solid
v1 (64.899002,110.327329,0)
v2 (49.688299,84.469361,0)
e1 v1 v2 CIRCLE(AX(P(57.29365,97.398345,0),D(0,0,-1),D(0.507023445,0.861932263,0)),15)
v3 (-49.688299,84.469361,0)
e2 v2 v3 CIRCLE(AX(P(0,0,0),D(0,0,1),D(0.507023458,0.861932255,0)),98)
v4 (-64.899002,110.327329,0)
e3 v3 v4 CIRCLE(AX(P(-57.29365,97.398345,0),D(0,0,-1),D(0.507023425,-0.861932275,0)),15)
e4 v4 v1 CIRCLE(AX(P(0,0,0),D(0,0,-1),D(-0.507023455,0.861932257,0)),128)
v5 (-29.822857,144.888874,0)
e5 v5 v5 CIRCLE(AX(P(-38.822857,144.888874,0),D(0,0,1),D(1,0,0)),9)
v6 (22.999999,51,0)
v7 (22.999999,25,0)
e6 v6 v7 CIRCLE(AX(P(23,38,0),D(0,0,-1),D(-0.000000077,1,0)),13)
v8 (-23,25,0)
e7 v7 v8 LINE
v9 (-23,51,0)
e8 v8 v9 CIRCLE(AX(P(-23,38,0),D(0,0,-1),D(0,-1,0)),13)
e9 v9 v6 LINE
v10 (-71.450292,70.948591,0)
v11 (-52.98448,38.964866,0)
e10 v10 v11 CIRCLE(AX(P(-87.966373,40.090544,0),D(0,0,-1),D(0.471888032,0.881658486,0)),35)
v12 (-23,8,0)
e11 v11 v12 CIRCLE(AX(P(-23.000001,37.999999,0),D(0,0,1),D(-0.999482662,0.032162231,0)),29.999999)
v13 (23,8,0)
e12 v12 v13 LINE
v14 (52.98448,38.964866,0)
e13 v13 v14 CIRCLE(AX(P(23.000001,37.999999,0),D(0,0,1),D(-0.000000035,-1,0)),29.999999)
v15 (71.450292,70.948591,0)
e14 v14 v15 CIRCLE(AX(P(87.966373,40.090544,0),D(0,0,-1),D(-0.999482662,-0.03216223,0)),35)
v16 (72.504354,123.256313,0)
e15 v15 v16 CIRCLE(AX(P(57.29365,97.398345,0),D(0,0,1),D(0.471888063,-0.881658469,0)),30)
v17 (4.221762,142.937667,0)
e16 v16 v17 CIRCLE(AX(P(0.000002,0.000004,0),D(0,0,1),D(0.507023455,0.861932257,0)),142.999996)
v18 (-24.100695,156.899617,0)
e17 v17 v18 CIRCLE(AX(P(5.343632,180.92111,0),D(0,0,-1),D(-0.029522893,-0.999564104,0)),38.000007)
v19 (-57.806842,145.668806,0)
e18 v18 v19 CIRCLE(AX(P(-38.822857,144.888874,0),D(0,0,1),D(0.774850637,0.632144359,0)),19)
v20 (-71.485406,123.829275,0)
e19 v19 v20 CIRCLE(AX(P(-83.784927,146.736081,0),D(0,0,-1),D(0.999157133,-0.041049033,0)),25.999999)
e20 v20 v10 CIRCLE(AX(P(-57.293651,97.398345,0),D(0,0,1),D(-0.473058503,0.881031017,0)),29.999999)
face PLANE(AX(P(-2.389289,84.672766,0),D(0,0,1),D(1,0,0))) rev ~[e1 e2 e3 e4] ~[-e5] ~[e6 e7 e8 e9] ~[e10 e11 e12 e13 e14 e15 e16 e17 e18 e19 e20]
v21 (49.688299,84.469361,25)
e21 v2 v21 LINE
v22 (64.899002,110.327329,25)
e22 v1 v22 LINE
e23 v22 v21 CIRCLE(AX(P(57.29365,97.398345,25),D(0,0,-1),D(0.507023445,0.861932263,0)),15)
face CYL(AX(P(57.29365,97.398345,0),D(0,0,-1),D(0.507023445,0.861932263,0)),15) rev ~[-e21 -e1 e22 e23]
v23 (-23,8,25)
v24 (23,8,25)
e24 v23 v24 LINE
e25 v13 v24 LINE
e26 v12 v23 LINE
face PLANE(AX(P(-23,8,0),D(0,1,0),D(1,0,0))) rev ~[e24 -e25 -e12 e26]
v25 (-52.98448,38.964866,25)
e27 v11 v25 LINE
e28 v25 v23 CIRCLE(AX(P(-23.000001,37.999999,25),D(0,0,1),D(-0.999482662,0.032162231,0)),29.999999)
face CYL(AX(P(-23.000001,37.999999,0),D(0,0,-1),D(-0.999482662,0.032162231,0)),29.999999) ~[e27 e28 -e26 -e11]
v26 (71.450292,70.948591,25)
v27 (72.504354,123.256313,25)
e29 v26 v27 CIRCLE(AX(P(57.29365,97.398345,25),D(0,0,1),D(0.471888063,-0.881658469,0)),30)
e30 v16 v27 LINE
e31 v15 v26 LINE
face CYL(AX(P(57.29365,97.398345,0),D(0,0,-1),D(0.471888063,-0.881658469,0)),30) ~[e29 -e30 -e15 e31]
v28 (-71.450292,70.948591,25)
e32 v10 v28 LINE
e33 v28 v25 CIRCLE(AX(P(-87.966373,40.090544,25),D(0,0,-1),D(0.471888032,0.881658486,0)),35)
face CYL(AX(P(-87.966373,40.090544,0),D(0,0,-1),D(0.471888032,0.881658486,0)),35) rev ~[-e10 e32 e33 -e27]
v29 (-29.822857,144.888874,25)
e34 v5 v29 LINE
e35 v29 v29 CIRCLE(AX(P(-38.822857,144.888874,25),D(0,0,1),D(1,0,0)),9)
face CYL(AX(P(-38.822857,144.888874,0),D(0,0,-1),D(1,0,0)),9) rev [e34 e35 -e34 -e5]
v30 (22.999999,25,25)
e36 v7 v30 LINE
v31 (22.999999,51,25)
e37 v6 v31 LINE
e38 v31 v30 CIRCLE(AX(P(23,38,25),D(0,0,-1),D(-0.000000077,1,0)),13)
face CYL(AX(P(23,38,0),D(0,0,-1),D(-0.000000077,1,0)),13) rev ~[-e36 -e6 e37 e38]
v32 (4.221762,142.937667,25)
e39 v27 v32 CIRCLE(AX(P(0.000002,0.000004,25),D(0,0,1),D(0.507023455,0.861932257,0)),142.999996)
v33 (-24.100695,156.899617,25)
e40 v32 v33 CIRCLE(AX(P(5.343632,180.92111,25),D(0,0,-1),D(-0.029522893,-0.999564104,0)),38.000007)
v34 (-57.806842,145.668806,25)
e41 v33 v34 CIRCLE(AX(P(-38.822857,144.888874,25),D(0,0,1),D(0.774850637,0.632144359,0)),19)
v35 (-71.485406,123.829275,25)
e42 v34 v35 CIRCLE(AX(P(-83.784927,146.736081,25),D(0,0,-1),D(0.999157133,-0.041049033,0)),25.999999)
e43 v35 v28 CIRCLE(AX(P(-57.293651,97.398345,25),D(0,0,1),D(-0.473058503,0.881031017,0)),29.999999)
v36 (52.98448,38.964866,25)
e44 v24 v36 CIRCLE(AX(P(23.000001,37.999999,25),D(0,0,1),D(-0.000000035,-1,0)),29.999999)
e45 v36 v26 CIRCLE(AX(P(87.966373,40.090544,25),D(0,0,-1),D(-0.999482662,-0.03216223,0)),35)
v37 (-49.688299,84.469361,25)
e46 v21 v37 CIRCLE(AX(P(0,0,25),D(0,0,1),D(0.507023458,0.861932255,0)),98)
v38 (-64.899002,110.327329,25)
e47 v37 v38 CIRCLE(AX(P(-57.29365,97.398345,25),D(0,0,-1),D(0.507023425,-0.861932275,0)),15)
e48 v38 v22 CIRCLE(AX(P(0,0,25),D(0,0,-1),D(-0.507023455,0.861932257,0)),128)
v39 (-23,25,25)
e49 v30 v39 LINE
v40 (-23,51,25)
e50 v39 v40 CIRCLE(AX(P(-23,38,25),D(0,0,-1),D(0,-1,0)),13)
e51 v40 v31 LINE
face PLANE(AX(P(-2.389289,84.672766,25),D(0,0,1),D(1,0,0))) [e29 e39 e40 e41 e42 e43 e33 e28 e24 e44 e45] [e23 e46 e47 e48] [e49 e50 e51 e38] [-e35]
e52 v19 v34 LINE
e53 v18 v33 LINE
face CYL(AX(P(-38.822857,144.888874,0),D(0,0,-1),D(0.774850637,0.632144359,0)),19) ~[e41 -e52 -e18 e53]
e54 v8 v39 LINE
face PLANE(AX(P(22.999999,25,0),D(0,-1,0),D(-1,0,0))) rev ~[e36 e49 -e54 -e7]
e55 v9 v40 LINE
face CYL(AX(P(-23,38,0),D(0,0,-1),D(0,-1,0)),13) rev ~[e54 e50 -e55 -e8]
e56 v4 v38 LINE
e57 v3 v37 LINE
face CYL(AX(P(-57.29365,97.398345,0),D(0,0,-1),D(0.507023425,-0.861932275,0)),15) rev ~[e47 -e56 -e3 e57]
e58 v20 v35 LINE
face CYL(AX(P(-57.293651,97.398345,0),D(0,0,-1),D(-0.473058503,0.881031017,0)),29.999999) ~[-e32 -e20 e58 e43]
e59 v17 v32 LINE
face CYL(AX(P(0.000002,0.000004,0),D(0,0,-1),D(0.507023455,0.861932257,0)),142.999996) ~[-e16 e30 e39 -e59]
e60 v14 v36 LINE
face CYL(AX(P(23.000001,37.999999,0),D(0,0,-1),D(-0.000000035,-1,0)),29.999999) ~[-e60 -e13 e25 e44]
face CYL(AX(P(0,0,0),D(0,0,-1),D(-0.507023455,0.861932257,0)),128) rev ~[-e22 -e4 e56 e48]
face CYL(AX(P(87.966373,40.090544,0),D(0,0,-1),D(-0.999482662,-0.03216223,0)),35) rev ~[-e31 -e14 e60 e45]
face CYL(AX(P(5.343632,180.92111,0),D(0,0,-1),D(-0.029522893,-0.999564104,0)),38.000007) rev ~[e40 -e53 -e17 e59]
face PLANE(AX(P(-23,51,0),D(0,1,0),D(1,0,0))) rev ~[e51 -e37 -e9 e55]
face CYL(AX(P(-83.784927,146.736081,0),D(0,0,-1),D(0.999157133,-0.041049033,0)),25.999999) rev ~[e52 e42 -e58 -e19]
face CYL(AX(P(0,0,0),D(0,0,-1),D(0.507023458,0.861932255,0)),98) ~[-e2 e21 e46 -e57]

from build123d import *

# Parameters (mm, degrees)
F0_R     = 9
F1_DEPTH = 25


with BuildPart() as f1:
    # F0 (on Top) → F1 (new body)
    with BuildSketch(Plane.XY):
        with BuildLine():
            ThreePointArc((-24.100695, 156.899617), (-44.828984, 162.91459), (-57.806842, 145.668806))
            ThreePointArc((-57.806842, 145.668806), (-61.750067, 132.935178), (-71.485406, 123.829275))
            ThreePointArc((-71.485406, 123.829275), (-87.293644, 97.378424), (-71.450292, 70.948591))
            ThreePointArc((-71.450292, 70.948591), (-57.655484, 57.590544), (-52.98448, 38.964866))
            ThreePointArc((-52.98448, 38.964866), (-44.551636, 17.130716), (-23, 8))
            Line((-23, 8), (23, 8))
            ThreePointArc((23, 8), (44.551636, 17.130716), (52.98448, 38.964866))
            ThreePointArc((52.98448, 38.964866), (57.655484, 57.590544), (71.450292, 70.948591))
            ThreePointArc((71.450292, 70.948591), (87.287561, 96.793932), (72.504354, 123.256313))
            ThreePointArc((72.504354, 123.256313), (39.60509, 137.406102), (4.221762, 142.937667))
            ThreePointArc((4.221762, 142.937667), (-11.458365, 146.837486), (-24.100695, 156.899617))
        make_face()
        with BuildLine():
            Line((-23, 51), (22.999999, 51))
            ThreePointArc((22.999999, 51), (36, 38), (22.999999, 25))
            Line((22.999999, 25), (-23, 25))
            ThreePointArc((-23, 25), (-36, 38), (-23, 51))
        make_face(mode=Mode.SUBTRACT)
        with BuildLine():
            ThreePointArc((-49.688299, 84.469361), (-70.222634, 89.792993), (-64.899002, 110.327329))
            ThreePointArc((-64.899002, 110.327329), (0, 128), (64.899002, 110.327329))
            ThreePointArc((64.899002, 110.327329), (70.222634, 89.792993), (49.688299, 84.469361))
            ThreePointArc((49.688299, 84.469361), (0, 98), (-49.688299, 84.469361))
        make_face(mode=Mode.SUBTRACT)
        with Locations((-38.822857, 144.888874)):
            Circle(F0_R, mode=Mode.SUBTRACT)
    extrude(amount=F1_DEPTH)


solid = f1.part
